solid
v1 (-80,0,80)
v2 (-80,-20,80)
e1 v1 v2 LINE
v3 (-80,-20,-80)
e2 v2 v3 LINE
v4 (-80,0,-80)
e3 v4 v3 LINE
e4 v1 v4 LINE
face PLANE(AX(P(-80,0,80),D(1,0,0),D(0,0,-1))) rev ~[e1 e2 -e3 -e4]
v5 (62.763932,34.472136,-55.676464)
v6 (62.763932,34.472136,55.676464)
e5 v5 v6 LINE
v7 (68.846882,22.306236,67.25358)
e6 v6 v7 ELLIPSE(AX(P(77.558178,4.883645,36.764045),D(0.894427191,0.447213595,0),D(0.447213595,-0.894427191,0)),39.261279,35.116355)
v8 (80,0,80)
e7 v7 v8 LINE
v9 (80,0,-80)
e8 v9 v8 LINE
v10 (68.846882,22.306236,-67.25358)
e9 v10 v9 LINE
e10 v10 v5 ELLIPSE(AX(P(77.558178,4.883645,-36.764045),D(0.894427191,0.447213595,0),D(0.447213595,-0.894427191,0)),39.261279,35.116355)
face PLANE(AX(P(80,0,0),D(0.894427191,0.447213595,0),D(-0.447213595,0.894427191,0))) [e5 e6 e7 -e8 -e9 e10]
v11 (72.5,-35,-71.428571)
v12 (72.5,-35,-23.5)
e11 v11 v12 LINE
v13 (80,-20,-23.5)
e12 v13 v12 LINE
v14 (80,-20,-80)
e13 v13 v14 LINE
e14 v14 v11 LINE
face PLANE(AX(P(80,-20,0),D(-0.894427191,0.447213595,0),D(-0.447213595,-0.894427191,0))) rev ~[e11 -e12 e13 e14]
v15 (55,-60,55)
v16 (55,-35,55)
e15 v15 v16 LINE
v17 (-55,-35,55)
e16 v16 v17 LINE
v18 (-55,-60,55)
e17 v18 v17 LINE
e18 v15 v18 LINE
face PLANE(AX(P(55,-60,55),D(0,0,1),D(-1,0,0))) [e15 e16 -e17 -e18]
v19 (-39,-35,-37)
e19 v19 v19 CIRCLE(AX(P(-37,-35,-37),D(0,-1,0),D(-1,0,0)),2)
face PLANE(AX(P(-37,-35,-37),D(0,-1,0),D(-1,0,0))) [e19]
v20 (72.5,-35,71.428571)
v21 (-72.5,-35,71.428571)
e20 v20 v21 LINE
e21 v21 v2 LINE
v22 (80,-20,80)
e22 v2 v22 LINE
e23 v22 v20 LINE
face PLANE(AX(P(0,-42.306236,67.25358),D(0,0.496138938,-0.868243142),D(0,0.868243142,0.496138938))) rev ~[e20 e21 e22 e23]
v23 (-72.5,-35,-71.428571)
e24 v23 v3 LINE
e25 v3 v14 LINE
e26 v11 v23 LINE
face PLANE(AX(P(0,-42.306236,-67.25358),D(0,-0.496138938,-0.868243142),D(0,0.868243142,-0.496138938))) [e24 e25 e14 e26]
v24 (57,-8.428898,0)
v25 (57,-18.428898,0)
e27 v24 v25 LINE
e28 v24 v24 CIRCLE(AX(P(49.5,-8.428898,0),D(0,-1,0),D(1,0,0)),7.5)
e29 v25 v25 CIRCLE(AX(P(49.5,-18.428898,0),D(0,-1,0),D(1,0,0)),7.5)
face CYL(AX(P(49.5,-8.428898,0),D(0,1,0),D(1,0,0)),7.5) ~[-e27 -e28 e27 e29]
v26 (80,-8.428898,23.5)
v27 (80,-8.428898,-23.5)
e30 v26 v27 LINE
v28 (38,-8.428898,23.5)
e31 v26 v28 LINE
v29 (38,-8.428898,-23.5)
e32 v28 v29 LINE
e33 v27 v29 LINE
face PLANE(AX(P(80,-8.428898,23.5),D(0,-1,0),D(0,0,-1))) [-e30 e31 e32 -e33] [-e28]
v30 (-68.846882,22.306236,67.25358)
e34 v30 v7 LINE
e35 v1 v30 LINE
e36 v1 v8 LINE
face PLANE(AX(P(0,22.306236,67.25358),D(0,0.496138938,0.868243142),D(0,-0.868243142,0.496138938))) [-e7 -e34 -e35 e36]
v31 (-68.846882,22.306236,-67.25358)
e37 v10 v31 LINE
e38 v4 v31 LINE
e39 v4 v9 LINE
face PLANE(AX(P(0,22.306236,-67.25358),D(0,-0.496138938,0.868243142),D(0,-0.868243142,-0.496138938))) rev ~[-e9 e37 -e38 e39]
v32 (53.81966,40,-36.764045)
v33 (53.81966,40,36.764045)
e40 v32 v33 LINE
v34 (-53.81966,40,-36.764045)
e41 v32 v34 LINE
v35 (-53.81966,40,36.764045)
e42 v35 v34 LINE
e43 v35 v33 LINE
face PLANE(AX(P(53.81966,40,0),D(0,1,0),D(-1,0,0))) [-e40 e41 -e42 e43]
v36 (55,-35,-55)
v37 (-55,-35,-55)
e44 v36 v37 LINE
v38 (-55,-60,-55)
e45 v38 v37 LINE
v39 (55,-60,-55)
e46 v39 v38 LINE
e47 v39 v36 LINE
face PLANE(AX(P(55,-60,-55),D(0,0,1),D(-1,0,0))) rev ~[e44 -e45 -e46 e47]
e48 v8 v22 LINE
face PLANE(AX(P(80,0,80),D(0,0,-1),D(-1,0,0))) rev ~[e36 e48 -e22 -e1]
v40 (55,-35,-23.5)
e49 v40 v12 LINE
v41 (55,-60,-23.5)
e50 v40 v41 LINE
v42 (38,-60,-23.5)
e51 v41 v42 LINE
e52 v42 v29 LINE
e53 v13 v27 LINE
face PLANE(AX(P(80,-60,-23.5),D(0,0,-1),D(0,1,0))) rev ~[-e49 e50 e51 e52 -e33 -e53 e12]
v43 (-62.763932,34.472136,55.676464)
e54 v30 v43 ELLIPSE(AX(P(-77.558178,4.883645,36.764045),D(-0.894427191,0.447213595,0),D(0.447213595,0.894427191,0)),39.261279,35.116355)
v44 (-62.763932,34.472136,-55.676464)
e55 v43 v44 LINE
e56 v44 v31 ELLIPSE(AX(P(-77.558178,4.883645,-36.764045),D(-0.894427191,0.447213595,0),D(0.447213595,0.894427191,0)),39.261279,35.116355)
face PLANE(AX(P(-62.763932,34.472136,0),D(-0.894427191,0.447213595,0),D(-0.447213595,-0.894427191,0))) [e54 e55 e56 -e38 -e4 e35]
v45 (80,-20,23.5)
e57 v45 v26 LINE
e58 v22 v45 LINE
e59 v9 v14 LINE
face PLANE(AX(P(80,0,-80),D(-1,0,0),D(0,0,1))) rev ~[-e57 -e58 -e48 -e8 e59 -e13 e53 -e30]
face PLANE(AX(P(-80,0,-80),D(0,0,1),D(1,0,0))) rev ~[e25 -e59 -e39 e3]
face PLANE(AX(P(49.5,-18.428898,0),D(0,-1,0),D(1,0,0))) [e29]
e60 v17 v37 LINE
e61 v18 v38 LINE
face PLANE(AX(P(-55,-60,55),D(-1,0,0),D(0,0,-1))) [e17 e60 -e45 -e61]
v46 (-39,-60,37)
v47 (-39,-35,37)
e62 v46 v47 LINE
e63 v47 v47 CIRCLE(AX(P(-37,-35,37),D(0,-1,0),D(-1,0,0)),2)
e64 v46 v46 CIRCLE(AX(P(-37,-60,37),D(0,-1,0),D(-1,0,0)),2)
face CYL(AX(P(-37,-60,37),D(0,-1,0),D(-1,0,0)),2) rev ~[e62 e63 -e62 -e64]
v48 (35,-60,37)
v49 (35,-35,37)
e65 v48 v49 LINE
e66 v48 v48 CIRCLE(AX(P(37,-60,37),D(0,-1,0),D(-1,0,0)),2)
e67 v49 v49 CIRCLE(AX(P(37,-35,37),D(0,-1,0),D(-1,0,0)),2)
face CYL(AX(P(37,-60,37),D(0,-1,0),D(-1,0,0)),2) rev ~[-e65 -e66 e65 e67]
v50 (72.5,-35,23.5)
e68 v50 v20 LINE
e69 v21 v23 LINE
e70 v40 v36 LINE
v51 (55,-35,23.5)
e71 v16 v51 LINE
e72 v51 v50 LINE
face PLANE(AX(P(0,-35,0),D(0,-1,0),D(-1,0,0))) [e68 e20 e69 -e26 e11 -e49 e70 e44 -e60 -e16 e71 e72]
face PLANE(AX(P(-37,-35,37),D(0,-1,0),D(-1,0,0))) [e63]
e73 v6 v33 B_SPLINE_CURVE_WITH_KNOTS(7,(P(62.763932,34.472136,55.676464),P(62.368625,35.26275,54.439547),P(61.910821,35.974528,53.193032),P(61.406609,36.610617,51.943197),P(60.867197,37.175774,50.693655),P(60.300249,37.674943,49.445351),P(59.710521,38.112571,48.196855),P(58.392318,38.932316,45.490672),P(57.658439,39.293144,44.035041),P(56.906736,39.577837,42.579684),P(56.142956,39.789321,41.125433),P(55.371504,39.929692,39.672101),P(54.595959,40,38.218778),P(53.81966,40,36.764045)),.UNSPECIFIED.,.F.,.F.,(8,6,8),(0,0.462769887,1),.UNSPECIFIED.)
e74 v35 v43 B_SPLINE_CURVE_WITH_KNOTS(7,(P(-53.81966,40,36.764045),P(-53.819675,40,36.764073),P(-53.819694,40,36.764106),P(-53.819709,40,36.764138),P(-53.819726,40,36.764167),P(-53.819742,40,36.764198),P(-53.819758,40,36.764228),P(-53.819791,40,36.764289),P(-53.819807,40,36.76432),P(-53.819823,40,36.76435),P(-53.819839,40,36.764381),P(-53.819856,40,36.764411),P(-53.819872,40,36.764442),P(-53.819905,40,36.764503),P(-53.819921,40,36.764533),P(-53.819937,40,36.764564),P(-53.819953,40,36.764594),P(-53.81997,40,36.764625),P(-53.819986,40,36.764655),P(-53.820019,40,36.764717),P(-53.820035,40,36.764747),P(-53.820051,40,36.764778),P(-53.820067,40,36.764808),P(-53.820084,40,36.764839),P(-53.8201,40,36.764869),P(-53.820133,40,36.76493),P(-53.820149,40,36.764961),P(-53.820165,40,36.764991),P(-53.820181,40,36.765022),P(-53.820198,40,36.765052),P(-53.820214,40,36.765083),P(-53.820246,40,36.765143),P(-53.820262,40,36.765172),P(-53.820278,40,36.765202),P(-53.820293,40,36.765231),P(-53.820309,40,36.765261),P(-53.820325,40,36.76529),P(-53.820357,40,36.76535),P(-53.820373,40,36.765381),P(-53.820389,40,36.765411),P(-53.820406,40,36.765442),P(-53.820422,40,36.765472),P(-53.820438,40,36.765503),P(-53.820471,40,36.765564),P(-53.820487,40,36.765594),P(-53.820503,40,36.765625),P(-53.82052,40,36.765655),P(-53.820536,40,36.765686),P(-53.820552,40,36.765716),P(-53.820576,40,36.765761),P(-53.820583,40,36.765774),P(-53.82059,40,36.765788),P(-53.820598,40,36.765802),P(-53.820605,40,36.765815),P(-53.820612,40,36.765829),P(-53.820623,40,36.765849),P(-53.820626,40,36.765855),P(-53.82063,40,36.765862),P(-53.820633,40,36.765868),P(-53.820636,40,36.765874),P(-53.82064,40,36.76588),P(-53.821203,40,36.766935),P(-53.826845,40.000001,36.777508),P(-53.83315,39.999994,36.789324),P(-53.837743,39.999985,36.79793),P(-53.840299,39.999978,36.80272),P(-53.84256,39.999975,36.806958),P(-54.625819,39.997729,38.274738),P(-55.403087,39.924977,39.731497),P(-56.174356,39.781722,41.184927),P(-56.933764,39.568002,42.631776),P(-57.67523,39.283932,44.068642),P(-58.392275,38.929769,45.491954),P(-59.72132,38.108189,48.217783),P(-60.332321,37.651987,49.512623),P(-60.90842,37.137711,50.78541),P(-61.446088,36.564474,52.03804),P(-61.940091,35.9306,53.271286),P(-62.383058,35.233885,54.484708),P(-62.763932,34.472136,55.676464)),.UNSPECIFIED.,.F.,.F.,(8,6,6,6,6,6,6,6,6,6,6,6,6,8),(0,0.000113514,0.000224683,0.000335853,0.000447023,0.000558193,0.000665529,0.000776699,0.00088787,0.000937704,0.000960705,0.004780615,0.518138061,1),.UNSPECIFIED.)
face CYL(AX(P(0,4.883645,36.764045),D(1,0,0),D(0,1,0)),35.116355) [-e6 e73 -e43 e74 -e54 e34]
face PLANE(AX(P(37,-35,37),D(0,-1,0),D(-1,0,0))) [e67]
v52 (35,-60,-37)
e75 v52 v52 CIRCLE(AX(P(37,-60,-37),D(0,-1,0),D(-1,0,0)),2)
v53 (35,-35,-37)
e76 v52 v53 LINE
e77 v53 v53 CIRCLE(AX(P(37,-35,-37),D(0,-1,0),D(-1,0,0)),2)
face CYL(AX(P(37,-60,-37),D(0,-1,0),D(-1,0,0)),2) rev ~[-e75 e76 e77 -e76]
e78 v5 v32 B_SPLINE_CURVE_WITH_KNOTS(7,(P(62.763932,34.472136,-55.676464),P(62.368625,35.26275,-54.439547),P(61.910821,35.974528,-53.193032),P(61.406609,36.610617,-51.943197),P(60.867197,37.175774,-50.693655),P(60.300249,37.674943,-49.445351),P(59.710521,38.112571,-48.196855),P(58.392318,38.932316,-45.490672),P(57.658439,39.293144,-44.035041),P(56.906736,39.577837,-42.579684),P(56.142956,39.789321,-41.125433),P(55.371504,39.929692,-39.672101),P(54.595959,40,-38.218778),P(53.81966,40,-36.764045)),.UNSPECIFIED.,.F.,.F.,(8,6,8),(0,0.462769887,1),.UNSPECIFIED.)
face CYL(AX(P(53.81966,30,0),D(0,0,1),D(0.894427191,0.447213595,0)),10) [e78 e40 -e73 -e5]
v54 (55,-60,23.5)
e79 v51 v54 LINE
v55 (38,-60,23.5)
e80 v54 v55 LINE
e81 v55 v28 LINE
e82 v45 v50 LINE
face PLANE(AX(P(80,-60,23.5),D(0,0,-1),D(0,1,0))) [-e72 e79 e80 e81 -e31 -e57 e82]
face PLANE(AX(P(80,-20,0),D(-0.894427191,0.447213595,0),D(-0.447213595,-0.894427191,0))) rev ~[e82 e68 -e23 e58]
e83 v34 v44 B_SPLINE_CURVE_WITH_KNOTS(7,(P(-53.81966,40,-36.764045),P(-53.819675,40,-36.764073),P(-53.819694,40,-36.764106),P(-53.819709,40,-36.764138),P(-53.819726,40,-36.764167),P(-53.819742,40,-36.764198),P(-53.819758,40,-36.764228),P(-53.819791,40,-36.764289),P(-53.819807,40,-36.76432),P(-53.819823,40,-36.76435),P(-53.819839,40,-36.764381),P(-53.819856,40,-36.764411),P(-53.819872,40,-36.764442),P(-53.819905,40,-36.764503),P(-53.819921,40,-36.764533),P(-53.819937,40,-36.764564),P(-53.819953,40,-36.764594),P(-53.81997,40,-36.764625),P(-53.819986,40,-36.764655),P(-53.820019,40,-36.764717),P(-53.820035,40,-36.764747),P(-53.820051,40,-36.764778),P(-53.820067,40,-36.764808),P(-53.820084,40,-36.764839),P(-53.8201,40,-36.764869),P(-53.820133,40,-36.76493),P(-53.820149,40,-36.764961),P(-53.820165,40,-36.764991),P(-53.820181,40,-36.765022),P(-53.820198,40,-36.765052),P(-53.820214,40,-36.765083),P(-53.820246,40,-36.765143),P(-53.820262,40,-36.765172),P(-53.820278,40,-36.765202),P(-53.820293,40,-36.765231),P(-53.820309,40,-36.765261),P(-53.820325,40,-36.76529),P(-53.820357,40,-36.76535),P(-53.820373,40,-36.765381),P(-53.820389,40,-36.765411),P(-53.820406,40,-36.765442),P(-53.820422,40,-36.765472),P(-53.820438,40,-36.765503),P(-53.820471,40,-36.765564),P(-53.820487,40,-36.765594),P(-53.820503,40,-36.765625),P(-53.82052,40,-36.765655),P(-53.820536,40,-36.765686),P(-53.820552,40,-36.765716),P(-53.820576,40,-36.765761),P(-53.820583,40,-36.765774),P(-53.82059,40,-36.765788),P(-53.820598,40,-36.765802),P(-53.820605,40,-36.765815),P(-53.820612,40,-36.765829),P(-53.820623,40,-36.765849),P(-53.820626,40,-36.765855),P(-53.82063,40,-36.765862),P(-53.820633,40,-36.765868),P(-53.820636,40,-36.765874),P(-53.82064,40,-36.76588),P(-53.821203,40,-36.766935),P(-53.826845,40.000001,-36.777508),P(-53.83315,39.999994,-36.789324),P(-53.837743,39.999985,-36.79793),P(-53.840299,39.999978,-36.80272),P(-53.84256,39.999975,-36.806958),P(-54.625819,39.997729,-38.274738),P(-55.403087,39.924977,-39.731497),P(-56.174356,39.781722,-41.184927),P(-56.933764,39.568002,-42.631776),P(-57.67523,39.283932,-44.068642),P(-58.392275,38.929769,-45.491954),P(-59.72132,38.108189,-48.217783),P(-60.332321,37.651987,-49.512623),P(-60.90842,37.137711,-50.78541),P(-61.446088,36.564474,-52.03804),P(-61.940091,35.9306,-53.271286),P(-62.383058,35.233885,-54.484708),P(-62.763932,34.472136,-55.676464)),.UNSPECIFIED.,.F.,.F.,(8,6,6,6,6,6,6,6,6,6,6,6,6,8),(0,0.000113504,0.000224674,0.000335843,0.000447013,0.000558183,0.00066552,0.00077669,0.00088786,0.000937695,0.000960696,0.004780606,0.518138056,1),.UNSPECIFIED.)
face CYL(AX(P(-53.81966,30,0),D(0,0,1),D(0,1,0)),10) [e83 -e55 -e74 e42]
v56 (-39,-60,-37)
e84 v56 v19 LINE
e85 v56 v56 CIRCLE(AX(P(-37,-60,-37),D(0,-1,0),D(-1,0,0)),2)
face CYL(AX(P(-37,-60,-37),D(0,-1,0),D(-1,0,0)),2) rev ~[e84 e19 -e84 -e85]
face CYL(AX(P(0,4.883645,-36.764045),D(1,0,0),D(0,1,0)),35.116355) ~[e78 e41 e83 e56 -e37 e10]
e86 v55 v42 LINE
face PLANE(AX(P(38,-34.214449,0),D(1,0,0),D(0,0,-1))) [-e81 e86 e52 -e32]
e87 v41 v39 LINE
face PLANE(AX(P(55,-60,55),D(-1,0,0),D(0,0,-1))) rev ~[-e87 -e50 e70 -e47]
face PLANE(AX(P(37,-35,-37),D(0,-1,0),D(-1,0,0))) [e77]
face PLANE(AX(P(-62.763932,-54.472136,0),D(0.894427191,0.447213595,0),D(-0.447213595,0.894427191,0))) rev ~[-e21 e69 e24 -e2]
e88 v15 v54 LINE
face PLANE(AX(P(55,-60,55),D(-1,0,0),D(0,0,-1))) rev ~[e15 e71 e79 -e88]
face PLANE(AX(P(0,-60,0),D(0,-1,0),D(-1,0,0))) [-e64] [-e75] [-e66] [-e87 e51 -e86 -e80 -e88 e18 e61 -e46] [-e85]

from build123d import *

# Parameters (mm, degrees)
BOSS_EXTRUDE1_DEPTH        = 80
BOSS_EXTRUDE1_DEPTH_BACK   = 80
BOSS_EXTRUDE1_2_DEPTH      = 80
BOSS_EXTRUDE1_2_DEPTH_BACK = 80
CUT_EXTRUDE2_DEPTH         = 81
CUT_EXTRUDE2_DEPTH_BACK    = 81
BOSS_EXTRUDE2_DEPTH        = 20
SKETCH6_W                  = 160
SKETCH6_H                  = 160
CUT_EXTRUDE3_DEPTH         = 25
SKETCH7_W                  = 110
SKETCH7_H                  = 110
BOSS_EXTRUDE3_DEPTH        = 25
SKETCH8_R                  = 2
CUT_EXTRUDE4_DEPTH         = 25
SKETCH9_W                  = 47
SKETCH9_H                  = 51.571101879
CUT_EXTRUDE5_DEPTH         = 42
SKETCH10_R                 = 7.5
BOSS_EXTRUDE4_DEPTH        = 10


with BuildPart() as part:
    # Sketch1 → Boss-Extrude1 (new body, two sides)
    with BuildSketch(Plane.XY) as boss_extrude1_sk:
        with BuildLine():
            Line((-80, 0), (80, 0))
            Line((80, 0), (62.763932023, 34.472135955))
            ThreePointArc((62.763932023, 34.472135955), (59.076971234, 38.506508084), (53.819660113, 40))
            Line((53.819660113, 40), (-53.819660113, 40))
            ThreePointArc((-53.819660113, 40), (-59.076971234, 38.506508084), (-62.763932023, 34.472135955))
            Line((-62.763932023, 34.472135955), (-80, 0))
        make_face()
    extrude(amount=BOSS_EXTRUDE1_DEPTH)
    extrude(boss_extrude1_sk.sketch, amount=-BOSS_EXTRUDE1_DEPTH_BACK)


with BuildPart() as body_2:
    # Sketch1 → Boss-Extrude1 2 (new body, two sides)
    with BuildSketch(Plane.XY) as boss_extrude1_2_sk:
        with BuildLine():
            Line((-62.763932023, -54.472135955), (-80, -20))
            Line((-80, -20), (80, -20))
            Line((80, -20), (62.763932023, -54.472135955))
            ThreePointArc((62.763932023, -54.472135955), (59.076971234, -58.506508084), (53.819660113, -60))
            Line((53.819660113, -60), (-53.819660113, -60))
            ThreePointArc((-53.819660113, -60), (-59.076971234, -58.506508084), (-62.763932023, -54.472135955))
        make_face()
    extrude(amount=BOSS_EXTRUDE1_2_DEPTH)
    extrude(boss_extrude1_2_sk.sketch, amount=-BOSS_EXTRUDE1_2_DEPTH_BACK)


with BuildPart() as cut_extrude2_tool:
    # Sketch2 → Cut-Extrude2 (new body, two sides)
    with BuildSketch(Plane(origin=(0, 0, 0), x_dir=(0, 0, -1), z_dir=(1, 0, 0))) as cut_extrude2_sk:
        with BuildLine():
            Line((67.253579514, 22.306235851), (80, 0))
            Line((80, 0), (80, 40))
            Line((80, 40), (36.764044699, 40))
            ThreePointArc((36.764044699, 40), (54.389885267, 35.256134809), (67.253579514, 22.306235851))
        make_face()
        with BuildLine():
            Line((-67.253579514, 22.306235851), (-80, 0))
            Line((-80, 0), (-80, 40))
            Line((-80, 40), (-36.764044699, 40))
            ThreePointArc((-36.764044699, 40), (-54.389885267, 35.256134809), (-67.253579514, 22.306235851))
        make_face()
        with BuildLine():
            Line((80, -60), (36.764044699, -60))
            ThreePointArc((36.764044699, -60), (54.389885267, -55.256134809), (67.253579514, -42.306235851))
            Line((67.253579514, -42.306235851), (80, -20))
            Line((80, -20), (80, -60))
        make_face()
        with BuildLine():
            Line((-67.253579514, -42.306235851), (-80, -20))
            Line((-80, -20), (-80, -60))
            Line((-80, -60), (-36.764044699, -60))
            ThreePointArc((-36.764044699, -60), (-54.389885267, -55.256134809), (-67.253579514, -42.306235851))
        make_face()
    extrude(amount=CUT_EXTRUDE2_DEPTH)
    extrude(cut_extrude2_sk.sketch, amount=-CUT_EXTRUDE2_DEPTH_BACK)


with BuildPart() as part_1:
    add(part.part)

    # Cut-Extrude2: cut by cut_extrude2_tool
    add(cut_extrude2_tool.part, mode=Mode.SUBTRACT)



with BuildPart() as body_2_1:
    add(body_2.part)

    # Cut-Extrude2: cut by cut_extrude2_tool
    add(cut_extrude2_tool.part, mode=Mode.SUBTRACT)


with BuildPart() as part_2:
    add(part_1.part)

    add(body_2_1.part)  # Boss-Extrude2 merges body 2
    # Sketch3 → Boss-Extrude2 (add)
    with BuildSketch(Plane.XZ):
        Polygon((-71.300354804, -80), (71.300354804, -80), (80, -80), (80, 80), (-80, 80), (-80, -80), align=None)
    extrude(amount=BOSS_EXTRUDE2_DEPTH)

    # Sketch6 → Cut-Extrude3 (cut)
    with BuildSketch(Plane(origin=(0, -60, 0), x_dir=(-1, 0, 0), z_dir=(0, -1, 0))):
        Rectangle(SKETCH6_W, SKETCH6_H)
    extrude(amount=-CUT_EXTRUDE3_DEPTH, mode=Mode.SUBTRACT)

    # Sketch7 → Boss-Extrude3 (add)
    with BuildSketch(Plane(origin=(0, -60, 0), x_dir=(-1, 0, 0), z_dir=(0, -1, 0))):
        Rectangle(SKETCH7_W, SKETCH7_H)
    extrude(amount=-BOSS_EXTRUDE3_DEPTH)

    # Sketch8 → Cut-Extrude4 (cut)
    with BuildSketch(Plane(origin=(0, -60, 0), x_dir=(-1, 0, 0), z_dir=(0, -1, 0))):
        with Locations((-37, -37)):
            Circle(SKETCH8_R)
        with Locations((-37, 37)):
            Circle(SKETCH8_R)
        with Locations((37, 37)):
            Circle(SKETCH8_R)
        with Locations((37, -37)):
            Circle(SKETCH8_R)
    extrude(amount=-CUT_EXTRUDE4_DEPTH, mode=Mode.SUBTRACT)

    # Sketch9 → Cut-Extrude5 (cut)
    with BuildSketch(Plane(origin=(80, 0, 0), x_dir=(0, 0, -1), z_dir=(1, 0, 0))):
        with Locations((0, -34.214449061)):
            Rectangle(SKETCH9_W, SKETCH9_H)
    extrude(amount=-CUT_EXTRUDE5_DEPTH, mode=Mode.SUBTRACT)

    # Sketch10 → Boss-Extrude4 (add)
    with BuildSketch(Plane.XZ.offset(8.428898121)):
        with Locations((49.5, 0)):
            Circle(SKETCH10_R)
    extrude(amount=BOSS_EXTRUDE4_DEPTH)


solid = part_2.part
